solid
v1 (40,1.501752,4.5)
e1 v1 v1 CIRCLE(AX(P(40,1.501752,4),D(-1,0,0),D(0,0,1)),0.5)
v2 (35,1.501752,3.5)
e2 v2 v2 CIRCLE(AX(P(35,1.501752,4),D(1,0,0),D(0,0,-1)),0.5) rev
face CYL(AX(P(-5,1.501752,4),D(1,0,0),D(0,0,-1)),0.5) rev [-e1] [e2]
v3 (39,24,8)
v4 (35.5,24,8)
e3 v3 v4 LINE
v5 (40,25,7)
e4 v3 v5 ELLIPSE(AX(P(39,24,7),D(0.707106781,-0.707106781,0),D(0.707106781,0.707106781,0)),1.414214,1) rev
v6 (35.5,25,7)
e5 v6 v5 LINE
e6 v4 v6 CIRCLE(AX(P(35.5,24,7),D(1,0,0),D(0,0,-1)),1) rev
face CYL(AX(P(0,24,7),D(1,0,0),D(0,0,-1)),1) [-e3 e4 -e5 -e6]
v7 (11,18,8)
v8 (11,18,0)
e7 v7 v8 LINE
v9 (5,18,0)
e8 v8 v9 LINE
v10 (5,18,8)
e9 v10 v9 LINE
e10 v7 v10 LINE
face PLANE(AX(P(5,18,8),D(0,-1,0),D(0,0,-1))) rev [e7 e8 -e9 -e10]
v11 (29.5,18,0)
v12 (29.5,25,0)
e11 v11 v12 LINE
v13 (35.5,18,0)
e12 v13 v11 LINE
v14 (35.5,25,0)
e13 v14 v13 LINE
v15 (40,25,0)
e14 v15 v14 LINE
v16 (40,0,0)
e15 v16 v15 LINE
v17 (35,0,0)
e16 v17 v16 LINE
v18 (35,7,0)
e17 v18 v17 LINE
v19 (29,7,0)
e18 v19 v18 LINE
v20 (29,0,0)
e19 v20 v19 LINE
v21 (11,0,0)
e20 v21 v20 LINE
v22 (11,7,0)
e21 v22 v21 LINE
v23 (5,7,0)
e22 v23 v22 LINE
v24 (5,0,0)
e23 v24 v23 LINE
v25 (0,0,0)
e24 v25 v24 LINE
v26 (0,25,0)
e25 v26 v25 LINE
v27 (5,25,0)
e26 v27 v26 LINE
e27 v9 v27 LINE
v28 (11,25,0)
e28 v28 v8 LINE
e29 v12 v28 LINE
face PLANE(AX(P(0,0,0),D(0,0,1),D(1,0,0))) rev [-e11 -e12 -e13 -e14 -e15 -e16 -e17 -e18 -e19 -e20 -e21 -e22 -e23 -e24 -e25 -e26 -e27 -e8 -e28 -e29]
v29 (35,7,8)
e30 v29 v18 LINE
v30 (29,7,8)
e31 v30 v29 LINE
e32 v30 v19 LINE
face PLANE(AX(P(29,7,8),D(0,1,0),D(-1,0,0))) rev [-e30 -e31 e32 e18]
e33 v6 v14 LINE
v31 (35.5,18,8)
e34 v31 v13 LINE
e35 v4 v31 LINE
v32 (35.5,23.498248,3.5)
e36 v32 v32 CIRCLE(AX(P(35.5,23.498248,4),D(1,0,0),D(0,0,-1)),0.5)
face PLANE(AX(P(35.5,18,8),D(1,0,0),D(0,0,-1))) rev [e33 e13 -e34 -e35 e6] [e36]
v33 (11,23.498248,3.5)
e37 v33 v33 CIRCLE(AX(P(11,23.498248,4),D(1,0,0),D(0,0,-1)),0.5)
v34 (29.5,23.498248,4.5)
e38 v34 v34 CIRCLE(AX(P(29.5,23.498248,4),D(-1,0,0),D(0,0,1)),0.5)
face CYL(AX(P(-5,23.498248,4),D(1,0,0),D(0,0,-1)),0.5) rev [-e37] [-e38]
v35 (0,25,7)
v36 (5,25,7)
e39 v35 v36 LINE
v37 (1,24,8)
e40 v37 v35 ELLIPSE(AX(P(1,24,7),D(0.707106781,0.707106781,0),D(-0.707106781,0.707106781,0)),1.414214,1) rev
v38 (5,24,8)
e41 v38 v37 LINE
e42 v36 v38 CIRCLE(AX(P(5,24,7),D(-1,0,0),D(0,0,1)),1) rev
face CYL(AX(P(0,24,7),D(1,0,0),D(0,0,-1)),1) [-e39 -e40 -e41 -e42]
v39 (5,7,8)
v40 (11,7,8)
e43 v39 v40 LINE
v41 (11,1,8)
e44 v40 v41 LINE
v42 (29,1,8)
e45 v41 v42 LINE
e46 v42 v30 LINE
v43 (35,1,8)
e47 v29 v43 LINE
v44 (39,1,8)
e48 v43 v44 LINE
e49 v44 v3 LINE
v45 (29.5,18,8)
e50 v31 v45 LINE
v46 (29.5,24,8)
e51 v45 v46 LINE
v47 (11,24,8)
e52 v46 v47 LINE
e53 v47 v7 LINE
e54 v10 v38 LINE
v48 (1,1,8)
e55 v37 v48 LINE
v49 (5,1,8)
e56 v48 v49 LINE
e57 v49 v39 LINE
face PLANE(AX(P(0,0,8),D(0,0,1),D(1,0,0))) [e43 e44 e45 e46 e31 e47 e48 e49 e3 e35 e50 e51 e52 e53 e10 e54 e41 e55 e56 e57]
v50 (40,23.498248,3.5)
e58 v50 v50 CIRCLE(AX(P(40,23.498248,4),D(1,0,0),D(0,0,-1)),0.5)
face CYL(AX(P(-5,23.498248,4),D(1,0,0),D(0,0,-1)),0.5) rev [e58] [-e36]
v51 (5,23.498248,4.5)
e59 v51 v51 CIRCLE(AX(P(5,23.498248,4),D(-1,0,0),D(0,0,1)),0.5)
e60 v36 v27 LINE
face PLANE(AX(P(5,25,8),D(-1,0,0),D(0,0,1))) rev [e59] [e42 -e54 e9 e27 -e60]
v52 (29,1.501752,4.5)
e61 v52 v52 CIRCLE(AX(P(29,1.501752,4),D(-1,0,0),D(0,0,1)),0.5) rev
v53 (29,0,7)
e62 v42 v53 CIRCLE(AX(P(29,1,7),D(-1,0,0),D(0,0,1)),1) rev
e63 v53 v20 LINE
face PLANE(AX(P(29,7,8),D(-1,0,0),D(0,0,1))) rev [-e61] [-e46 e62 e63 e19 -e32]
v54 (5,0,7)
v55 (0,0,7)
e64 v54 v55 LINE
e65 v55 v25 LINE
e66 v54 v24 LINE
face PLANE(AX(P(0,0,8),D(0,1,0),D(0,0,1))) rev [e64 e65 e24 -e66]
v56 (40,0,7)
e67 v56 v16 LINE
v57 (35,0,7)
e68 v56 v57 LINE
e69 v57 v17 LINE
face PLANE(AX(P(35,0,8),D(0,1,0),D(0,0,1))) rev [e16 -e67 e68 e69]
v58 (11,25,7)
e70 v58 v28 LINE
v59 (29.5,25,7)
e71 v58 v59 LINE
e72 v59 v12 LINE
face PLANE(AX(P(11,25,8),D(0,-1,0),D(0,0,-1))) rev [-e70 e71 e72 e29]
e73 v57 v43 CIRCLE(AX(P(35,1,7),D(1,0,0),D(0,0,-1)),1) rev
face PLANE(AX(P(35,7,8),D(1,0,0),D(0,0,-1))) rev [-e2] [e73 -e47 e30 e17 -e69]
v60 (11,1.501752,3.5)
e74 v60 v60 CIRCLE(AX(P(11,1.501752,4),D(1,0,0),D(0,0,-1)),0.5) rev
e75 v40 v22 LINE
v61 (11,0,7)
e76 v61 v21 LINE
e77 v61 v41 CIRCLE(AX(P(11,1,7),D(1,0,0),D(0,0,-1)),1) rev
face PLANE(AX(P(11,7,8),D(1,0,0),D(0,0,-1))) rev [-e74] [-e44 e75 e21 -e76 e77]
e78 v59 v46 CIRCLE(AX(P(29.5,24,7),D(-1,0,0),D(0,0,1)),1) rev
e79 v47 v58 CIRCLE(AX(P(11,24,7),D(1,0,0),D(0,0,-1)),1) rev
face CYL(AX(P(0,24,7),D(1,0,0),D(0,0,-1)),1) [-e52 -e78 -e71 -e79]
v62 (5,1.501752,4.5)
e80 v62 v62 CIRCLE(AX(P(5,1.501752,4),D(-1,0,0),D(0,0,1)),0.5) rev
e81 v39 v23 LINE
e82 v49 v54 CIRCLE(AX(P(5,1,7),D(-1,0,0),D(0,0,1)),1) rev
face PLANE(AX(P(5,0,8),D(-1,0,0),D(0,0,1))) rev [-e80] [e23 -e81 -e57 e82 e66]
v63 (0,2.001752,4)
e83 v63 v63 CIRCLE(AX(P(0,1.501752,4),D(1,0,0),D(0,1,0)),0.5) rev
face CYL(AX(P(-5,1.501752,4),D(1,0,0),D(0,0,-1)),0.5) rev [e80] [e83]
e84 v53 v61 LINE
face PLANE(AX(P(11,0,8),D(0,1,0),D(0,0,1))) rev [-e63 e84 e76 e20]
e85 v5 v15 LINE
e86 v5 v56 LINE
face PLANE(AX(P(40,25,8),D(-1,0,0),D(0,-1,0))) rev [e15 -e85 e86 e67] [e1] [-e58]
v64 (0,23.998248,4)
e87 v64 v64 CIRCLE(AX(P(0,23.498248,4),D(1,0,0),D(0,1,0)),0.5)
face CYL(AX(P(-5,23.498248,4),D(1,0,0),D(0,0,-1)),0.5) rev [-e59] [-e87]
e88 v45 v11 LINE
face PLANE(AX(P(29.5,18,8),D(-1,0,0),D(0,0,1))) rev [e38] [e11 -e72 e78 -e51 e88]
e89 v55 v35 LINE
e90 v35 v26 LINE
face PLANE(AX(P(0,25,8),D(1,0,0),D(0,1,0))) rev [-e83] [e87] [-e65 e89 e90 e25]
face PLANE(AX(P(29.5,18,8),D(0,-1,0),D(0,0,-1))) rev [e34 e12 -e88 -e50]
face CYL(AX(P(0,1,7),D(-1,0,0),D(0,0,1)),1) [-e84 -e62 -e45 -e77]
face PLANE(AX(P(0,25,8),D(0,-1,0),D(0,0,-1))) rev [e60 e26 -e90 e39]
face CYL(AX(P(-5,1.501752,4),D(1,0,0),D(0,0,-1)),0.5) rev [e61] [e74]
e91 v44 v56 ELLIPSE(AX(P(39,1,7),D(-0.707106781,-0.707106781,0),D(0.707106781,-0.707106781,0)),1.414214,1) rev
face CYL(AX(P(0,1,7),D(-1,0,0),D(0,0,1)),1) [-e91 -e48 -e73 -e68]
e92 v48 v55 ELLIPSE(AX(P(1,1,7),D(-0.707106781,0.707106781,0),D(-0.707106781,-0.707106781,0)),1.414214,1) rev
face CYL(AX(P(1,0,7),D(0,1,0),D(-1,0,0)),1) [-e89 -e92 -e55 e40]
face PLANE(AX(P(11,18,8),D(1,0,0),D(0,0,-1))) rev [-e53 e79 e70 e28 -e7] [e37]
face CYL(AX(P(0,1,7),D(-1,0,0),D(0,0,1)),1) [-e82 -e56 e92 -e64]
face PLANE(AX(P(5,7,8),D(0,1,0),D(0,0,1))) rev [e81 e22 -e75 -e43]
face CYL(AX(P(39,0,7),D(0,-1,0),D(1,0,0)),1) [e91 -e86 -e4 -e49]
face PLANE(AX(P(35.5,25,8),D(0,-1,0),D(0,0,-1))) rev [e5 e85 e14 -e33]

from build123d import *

# Parameters (mm, degrees)
SALIENTE_EXTRUIR2_DEPTH = 8
CROQUIS3_R              = 0.5
CORTAR_EXTRUIR1_DEPTH   = 45
REDONDEO1_R             = 1
REDONDEO2_R             = 1
REDONDEO3_R             = 1
REDONDEO4_R             = 1


with BuildPart() as part:
    # Croquis1 → Saliente-Extruir2 (new body)
    with BuildSketch(Plane.XY):
        Polygon((0, 0), (5, 0), (5, 7), (11, 7), (11, 0), (29, 0), (29, 7), (35, 7), (35, 0), (40, 0), (40, 25), (35.5, 25), (35.5, 18), (29.5, 18), (29.5, 25), (11, 25), (11, 18), (5, 18), (5, 25), (0, 25), align=None)
    extrude(amount=SALIENTE_EXTRUIR2_DEPTH)

    # Croquis3 → Cortar-Extruir1 (cut)
    with BuildSketch(Plane(origin=(40, 0, 0), x_dir=(0, 0, -1), z_dir=(1, 0, 0))):
        with Locations((-4, 23.498247599)):
            Circle(CROQUIS3_R)
        with Locations((-4, 1.501752401)):
            Circle(CROQUIS3_R)
    extrude(amount=-CORTAR_EXTRUIR1_DEPTH, mode=Mode.SUBTRACT)

    # Redondeo1
    redondeo1_edges = [part.edges().sort_by_distance(p)[0] for p in [
        (20, 0, 8),
    ]]
    fillet(redondeo1_edges, radius=REDONDEO1_R)

    # Redondeo2
    redondeo2_edges = [part.edges().sort_by_distance(p)[0] for p in [
        (37.5, 0, 8),
        (40, 12.5, 8),
        (37.75, 25, 8),
    ]]
    fillet(redondeo2_edges, radius=REDONDEO2_R)

    # Redondeo3
    redondeo3_edges = [part.edges().sort_by_distance(p)[0] for p in [
        (20.25, 25, 8),
    ]]
    fillet(redondeo3_edges, radius=REDONDEO3_R)

    # Redondeo4
    redondeo4_edges = [part.edges().sort_by_distance(p)[0] for p in [
        (0, 12.5, 8),
        (2.5, 25, 8),
        (2.5, 0, 8),
    ]]
    fillet(redondeo4_edges, radius=REDONDEO4_R)


solid = part.part
